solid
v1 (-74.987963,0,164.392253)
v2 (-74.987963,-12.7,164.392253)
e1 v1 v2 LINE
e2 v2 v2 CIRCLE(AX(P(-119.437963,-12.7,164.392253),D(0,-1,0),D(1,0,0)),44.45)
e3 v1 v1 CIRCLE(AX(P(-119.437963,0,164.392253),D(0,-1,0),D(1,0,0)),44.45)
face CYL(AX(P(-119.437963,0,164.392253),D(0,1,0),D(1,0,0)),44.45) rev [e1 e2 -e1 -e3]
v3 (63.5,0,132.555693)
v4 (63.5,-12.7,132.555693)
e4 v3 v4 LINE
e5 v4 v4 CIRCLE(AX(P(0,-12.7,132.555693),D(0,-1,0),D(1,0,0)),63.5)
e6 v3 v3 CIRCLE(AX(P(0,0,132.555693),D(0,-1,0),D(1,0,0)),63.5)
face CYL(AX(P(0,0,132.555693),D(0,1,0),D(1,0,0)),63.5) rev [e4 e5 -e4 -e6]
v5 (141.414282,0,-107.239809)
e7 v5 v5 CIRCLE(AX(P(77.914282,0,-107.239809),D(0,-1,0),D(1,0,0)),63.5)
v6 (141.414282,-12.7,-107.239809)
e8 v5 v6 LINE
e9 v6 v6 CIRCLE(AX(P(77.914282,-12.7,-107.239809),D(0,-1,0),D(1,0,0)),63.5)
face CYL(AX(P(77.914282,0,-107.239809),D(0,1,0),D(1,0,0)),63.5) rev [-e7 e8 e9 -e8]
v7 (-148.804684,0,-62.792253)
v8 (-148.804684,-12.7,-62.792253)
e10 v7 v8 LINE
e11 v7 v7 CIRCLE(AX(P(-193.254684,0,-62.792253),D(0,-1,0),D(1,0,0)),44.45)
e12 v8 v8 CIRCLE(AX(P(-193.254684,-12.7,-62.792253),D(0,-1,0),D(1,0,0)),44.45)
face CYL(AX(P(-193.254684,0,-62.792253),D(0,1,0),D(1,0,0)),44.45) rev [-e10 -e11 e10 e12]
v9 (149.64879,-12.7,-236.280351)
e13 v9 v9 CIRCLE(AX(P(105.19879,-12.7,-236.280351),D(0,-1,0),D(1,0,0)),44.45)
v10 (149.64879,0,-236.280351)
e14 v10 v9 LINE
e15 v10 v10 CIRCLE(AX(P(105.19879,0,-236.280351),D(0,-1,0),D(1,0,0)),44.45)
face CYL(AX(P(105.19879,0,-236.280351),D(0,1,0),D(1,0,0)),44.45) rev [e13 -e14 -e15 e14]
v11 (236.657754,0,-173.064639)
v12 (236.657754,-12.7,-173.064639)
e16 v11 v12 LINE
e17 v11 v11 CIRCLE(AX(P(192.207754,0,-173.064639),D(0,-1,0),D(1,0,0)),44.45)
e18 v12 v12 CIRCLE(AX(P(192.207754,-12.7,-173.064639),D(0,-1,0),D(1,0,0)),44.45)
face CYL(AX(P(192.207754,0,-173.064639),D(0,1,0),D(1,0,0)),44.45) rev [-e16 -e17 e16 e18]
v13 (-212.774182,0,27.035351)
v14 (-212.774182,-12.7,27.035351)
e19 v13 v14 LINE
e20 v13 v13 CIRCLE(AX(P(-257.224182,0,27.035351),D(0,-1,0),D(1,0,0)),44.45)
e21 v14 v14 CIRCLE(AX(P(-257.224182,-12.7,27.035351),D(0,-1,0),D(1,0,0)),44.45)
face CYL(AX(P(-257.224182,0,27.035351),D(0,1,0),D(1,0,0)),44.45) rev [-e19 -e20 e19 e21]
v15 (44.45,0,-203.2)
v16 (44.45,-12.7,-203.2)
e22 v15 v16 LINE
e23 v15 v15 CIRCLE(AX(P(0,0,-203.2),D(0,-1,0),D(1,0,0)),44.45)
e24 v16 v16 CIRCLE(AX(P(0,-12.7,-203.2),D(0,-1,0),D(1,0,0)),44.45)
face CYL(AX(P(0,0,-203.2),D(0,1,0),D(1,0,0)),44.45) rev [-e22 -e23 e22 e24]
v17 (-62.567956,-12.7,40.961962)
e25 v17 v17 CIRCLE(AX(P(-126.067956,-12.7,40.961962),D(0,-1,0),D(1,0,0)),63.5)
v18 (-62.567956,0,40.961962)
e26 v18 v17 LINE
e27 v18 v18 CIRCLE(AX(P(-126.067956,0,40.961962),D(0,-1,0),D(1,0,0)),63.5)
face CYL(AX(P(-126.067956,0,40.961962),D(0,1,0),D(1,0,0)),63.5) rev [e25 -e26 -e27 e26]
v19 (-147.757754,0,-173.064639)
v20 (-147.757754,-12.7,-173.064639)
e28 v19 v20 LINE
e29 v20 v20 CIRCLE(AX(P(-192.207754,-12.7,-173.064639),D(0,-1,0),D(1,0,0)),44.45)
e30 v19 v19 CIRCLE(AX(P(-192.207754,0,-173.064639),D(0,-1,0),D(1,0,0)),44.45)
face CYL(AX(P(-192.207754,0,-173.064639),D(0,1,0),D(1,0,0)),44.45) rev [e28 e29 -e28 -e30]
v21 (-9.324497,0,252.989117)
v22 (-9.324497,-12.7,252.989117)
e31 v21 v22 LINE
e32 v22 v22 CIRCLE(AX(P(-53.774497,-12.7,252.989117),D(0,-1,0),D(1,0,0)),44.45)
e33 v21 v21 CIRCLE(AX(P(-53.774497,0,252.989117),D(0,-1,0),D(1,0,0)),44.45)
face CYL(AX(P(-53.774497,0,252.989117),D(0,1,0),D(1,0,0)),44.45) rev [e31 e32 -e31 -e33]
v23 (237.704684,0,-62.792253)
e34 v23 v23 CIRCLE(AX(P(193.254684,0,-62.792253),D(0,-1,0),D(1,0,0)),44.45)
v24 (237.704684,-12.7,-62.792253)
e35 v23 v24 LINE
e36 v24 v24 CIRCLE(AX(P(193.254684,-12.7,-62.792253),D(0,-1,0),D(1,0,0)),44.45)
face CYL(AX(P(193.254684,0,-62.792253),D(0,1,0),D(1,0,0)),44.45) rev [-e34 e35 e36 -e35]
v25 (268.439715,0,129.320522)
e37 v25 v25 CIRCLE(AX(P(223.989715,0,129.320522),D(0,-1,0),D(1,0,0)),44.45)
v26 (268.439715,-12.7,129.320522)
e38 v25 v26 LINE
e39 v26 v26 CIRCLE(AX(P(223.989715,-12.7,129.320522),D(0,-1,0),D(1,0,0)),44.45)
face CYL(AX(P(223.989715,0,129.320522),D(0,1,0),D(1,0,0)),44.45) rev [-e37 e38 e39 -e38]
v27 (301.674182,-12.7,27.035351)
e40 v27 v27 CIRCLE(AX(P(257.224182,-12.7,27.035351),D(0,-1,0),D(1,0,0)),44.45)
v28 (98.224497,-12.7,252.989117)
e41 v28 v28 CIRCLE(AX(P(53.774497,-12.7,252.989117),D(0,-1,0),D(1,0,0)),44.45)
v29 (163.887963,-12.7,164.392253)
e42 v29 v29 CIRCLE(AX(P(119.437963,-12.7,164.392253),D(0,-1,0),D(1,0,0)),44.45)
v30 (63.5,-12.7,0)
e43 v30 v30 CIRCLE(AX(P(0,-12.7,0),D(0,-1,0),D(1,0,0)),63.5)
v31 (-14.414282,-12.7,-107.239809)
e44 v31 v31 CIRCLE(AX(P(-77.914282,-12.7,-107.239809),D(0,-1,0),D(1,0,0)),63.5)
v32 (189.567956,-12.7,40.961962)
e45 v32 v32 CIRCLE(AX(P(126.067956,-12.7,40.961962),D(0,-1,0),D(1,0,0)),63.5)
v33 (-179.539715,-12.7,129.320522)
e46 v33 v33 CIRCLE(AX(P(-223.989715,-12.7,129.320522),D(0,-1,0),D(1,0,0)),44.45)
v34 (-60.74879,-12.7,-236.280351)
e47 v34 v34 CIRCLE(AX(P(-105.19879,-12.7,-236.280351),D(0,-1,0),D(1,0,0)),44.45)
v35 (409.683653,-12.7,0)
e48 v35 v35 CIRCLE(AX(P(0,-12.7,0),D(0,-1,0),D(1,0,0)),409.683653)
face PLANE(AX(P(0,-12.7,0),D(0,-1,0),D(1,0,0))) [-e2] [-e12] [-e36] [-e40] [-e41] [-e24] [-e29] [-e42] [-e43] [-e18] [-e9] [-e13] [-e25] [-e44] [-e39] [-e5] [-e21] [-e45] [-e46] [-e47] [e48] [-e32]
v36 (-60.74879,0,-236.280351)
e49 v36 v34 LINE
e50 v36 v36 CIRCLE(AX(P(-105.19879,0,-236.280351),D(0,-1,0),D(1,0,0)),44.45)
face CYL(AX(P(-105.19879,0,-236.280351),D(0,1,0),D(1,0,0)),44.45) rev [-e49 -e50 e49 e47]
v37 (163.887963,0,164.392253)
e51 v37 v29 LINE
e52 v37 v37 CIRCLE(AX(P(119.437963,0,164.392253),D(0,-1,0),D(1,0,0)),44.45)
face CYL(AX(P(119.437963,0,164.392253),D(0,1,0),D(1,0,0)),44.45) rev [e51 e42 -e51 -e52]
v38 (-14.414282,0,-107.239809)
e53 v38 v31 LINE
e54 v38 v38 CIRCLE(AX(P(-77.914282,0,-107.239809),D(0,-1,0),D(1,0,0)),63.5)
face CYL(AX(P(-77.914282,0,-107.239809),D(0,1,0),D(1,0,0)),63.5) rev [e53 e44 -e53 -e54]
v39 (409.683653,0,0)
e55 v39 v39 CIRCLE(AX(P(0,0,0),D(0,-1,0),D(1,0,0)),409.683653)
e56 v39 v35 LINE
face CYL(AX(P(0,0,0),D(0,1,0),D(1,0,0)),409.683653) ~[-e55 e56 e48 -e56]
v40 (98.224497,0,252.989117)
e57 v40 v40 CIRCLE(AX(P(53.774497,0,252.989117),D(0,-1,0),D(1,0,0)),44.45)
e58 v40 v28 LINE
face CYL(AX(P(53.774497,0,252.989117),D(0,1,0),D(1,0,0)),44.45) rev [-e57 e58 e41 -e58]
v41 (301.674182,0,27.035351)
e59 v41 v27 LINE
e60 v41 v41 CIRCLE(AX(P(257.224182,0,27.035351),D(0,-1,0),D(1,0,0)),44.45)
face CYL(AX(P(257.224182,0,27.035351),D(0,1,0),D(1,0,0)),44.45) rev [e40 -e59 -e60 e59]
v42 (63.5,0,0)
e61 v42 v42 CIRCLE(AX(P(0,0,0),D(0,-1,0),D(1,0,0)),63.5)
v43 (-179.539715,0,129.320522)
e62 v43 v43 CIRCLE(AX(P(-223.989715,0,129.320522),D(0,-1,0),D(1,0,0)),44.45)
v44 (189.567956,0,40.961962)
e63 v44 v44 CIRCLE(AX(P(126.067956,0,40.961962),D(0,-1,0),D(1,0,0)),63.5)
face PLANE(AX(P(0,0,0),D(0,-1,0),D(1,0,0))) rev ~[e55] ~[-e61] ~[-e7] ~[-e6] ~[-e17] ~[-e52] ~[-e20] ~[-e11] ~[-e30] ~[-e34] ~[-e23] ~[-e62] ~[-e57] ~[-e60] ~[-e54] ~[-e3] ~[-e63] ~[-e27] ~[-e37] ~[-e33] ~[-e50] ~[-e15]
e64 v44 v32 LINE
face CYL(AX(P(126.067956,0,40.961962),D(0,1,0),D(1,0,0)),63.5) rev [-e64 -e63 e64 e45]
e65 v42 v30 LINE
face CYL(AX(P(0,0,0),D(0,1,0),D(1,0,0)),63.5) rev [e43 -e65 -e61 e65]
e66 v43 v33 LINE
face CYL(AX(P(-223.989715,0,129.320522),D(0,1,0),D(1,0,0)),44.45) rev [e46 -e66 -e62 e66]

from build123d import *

# Parameters (mm, degrees)
F0_R     = 409.683653
F0_R_2   = 44.45
F0_R_3   = 63.5
F1_DEPTH = 12.7


with BuildPart() as f1:
    # F0 (on Front) → F1 (new body)
    with BuildSketch(Plane.XZ):
        Circle(F0_R)
        with Locations((-105.19879, -236.280351)):
            Circle(F0_R_2, mode=Mode.SUBTRACT)
        with Locations((-192.207754, -173.064639)):
            Circle(F0_R_2, mode=Mode.SUBTRACT)
        with Locations((-77.914282, -107.239809)):
            Circle(F0_R_3, mode=Mode.SUBTRACT)
        with Locations((-193.254684, -62.792253)):
            Circle(F0_R_2, mode=Mode.SUBTRACT)
        with Locations((105.19879, -236.280351)):
            Circle(F0_R_2, mode=Mode.SUBTRACT)
        with Locations((0, -203.2)):
            Circle(F0_R_2, mode=Mode.SUBTRACT)
        with Locations((77.914282, -107.239809)):
            Circle(F0_R_3, mode=Mode.SUBTRACT)
        with Locations((192.207754, -173.064639)):
            Circle(F0_R_2, mode=Mode.SUBTRACT)
        with Locations((193.254684, -62.792253)):
            Circle(F0_R_2, mode=Mode.SUBTRACT)
        with Locations((-257.224182, 27.035351)):
            Circle(F0_R_2, mode=Mode.SUBTRACT)
        with Locations((-223.989715, 129.320522)):
            Circle(F0_R_2, mode=Mode.SUBTRACT)
        with Locations((-126.067956, 40.961962)):
            Circle(F0_R_3, mode=Mode.SUBTRACT)
        with Locations((-119.437963, 164.392253)):
            Circle(F0_R_2, mode=Mode.SUBTRACT)
        with Locations((-53.774497, 252.989117)):
            Circle(F0_R_2, mode=Mode.SUBTRACT)
        Circle(F0_R_3, mode=Mode.SUBTRACT)
        with Locations((126.067956, 40.961962)):
            Circle(F0_R_3, mode=Mode.SUBTRACT)
        with Locations((0, 132.555693)):
            Circle(F0_R_3, mode=Mode.SUBTRACT)
        with Locations((119.437963, 164.392253)):
            Circle(F0_R_2, mode=Mode.SUBTRACT)
        with Locations((257.224182, 27.035351)):
            Circle(F0_R_2, mode=Mode.SUBTRACT)
        with Locations((223.989715, 129.320522)):
            Circle(F0_R_2, mode=Mode.SUBTRACT)
        with Locations((53.774497, 252.989117)):
            Circle(F0_R_2, mode=Mode.SUBTRACT)
    extrude(amount=F1_DEPTH)


solid = f1.part
